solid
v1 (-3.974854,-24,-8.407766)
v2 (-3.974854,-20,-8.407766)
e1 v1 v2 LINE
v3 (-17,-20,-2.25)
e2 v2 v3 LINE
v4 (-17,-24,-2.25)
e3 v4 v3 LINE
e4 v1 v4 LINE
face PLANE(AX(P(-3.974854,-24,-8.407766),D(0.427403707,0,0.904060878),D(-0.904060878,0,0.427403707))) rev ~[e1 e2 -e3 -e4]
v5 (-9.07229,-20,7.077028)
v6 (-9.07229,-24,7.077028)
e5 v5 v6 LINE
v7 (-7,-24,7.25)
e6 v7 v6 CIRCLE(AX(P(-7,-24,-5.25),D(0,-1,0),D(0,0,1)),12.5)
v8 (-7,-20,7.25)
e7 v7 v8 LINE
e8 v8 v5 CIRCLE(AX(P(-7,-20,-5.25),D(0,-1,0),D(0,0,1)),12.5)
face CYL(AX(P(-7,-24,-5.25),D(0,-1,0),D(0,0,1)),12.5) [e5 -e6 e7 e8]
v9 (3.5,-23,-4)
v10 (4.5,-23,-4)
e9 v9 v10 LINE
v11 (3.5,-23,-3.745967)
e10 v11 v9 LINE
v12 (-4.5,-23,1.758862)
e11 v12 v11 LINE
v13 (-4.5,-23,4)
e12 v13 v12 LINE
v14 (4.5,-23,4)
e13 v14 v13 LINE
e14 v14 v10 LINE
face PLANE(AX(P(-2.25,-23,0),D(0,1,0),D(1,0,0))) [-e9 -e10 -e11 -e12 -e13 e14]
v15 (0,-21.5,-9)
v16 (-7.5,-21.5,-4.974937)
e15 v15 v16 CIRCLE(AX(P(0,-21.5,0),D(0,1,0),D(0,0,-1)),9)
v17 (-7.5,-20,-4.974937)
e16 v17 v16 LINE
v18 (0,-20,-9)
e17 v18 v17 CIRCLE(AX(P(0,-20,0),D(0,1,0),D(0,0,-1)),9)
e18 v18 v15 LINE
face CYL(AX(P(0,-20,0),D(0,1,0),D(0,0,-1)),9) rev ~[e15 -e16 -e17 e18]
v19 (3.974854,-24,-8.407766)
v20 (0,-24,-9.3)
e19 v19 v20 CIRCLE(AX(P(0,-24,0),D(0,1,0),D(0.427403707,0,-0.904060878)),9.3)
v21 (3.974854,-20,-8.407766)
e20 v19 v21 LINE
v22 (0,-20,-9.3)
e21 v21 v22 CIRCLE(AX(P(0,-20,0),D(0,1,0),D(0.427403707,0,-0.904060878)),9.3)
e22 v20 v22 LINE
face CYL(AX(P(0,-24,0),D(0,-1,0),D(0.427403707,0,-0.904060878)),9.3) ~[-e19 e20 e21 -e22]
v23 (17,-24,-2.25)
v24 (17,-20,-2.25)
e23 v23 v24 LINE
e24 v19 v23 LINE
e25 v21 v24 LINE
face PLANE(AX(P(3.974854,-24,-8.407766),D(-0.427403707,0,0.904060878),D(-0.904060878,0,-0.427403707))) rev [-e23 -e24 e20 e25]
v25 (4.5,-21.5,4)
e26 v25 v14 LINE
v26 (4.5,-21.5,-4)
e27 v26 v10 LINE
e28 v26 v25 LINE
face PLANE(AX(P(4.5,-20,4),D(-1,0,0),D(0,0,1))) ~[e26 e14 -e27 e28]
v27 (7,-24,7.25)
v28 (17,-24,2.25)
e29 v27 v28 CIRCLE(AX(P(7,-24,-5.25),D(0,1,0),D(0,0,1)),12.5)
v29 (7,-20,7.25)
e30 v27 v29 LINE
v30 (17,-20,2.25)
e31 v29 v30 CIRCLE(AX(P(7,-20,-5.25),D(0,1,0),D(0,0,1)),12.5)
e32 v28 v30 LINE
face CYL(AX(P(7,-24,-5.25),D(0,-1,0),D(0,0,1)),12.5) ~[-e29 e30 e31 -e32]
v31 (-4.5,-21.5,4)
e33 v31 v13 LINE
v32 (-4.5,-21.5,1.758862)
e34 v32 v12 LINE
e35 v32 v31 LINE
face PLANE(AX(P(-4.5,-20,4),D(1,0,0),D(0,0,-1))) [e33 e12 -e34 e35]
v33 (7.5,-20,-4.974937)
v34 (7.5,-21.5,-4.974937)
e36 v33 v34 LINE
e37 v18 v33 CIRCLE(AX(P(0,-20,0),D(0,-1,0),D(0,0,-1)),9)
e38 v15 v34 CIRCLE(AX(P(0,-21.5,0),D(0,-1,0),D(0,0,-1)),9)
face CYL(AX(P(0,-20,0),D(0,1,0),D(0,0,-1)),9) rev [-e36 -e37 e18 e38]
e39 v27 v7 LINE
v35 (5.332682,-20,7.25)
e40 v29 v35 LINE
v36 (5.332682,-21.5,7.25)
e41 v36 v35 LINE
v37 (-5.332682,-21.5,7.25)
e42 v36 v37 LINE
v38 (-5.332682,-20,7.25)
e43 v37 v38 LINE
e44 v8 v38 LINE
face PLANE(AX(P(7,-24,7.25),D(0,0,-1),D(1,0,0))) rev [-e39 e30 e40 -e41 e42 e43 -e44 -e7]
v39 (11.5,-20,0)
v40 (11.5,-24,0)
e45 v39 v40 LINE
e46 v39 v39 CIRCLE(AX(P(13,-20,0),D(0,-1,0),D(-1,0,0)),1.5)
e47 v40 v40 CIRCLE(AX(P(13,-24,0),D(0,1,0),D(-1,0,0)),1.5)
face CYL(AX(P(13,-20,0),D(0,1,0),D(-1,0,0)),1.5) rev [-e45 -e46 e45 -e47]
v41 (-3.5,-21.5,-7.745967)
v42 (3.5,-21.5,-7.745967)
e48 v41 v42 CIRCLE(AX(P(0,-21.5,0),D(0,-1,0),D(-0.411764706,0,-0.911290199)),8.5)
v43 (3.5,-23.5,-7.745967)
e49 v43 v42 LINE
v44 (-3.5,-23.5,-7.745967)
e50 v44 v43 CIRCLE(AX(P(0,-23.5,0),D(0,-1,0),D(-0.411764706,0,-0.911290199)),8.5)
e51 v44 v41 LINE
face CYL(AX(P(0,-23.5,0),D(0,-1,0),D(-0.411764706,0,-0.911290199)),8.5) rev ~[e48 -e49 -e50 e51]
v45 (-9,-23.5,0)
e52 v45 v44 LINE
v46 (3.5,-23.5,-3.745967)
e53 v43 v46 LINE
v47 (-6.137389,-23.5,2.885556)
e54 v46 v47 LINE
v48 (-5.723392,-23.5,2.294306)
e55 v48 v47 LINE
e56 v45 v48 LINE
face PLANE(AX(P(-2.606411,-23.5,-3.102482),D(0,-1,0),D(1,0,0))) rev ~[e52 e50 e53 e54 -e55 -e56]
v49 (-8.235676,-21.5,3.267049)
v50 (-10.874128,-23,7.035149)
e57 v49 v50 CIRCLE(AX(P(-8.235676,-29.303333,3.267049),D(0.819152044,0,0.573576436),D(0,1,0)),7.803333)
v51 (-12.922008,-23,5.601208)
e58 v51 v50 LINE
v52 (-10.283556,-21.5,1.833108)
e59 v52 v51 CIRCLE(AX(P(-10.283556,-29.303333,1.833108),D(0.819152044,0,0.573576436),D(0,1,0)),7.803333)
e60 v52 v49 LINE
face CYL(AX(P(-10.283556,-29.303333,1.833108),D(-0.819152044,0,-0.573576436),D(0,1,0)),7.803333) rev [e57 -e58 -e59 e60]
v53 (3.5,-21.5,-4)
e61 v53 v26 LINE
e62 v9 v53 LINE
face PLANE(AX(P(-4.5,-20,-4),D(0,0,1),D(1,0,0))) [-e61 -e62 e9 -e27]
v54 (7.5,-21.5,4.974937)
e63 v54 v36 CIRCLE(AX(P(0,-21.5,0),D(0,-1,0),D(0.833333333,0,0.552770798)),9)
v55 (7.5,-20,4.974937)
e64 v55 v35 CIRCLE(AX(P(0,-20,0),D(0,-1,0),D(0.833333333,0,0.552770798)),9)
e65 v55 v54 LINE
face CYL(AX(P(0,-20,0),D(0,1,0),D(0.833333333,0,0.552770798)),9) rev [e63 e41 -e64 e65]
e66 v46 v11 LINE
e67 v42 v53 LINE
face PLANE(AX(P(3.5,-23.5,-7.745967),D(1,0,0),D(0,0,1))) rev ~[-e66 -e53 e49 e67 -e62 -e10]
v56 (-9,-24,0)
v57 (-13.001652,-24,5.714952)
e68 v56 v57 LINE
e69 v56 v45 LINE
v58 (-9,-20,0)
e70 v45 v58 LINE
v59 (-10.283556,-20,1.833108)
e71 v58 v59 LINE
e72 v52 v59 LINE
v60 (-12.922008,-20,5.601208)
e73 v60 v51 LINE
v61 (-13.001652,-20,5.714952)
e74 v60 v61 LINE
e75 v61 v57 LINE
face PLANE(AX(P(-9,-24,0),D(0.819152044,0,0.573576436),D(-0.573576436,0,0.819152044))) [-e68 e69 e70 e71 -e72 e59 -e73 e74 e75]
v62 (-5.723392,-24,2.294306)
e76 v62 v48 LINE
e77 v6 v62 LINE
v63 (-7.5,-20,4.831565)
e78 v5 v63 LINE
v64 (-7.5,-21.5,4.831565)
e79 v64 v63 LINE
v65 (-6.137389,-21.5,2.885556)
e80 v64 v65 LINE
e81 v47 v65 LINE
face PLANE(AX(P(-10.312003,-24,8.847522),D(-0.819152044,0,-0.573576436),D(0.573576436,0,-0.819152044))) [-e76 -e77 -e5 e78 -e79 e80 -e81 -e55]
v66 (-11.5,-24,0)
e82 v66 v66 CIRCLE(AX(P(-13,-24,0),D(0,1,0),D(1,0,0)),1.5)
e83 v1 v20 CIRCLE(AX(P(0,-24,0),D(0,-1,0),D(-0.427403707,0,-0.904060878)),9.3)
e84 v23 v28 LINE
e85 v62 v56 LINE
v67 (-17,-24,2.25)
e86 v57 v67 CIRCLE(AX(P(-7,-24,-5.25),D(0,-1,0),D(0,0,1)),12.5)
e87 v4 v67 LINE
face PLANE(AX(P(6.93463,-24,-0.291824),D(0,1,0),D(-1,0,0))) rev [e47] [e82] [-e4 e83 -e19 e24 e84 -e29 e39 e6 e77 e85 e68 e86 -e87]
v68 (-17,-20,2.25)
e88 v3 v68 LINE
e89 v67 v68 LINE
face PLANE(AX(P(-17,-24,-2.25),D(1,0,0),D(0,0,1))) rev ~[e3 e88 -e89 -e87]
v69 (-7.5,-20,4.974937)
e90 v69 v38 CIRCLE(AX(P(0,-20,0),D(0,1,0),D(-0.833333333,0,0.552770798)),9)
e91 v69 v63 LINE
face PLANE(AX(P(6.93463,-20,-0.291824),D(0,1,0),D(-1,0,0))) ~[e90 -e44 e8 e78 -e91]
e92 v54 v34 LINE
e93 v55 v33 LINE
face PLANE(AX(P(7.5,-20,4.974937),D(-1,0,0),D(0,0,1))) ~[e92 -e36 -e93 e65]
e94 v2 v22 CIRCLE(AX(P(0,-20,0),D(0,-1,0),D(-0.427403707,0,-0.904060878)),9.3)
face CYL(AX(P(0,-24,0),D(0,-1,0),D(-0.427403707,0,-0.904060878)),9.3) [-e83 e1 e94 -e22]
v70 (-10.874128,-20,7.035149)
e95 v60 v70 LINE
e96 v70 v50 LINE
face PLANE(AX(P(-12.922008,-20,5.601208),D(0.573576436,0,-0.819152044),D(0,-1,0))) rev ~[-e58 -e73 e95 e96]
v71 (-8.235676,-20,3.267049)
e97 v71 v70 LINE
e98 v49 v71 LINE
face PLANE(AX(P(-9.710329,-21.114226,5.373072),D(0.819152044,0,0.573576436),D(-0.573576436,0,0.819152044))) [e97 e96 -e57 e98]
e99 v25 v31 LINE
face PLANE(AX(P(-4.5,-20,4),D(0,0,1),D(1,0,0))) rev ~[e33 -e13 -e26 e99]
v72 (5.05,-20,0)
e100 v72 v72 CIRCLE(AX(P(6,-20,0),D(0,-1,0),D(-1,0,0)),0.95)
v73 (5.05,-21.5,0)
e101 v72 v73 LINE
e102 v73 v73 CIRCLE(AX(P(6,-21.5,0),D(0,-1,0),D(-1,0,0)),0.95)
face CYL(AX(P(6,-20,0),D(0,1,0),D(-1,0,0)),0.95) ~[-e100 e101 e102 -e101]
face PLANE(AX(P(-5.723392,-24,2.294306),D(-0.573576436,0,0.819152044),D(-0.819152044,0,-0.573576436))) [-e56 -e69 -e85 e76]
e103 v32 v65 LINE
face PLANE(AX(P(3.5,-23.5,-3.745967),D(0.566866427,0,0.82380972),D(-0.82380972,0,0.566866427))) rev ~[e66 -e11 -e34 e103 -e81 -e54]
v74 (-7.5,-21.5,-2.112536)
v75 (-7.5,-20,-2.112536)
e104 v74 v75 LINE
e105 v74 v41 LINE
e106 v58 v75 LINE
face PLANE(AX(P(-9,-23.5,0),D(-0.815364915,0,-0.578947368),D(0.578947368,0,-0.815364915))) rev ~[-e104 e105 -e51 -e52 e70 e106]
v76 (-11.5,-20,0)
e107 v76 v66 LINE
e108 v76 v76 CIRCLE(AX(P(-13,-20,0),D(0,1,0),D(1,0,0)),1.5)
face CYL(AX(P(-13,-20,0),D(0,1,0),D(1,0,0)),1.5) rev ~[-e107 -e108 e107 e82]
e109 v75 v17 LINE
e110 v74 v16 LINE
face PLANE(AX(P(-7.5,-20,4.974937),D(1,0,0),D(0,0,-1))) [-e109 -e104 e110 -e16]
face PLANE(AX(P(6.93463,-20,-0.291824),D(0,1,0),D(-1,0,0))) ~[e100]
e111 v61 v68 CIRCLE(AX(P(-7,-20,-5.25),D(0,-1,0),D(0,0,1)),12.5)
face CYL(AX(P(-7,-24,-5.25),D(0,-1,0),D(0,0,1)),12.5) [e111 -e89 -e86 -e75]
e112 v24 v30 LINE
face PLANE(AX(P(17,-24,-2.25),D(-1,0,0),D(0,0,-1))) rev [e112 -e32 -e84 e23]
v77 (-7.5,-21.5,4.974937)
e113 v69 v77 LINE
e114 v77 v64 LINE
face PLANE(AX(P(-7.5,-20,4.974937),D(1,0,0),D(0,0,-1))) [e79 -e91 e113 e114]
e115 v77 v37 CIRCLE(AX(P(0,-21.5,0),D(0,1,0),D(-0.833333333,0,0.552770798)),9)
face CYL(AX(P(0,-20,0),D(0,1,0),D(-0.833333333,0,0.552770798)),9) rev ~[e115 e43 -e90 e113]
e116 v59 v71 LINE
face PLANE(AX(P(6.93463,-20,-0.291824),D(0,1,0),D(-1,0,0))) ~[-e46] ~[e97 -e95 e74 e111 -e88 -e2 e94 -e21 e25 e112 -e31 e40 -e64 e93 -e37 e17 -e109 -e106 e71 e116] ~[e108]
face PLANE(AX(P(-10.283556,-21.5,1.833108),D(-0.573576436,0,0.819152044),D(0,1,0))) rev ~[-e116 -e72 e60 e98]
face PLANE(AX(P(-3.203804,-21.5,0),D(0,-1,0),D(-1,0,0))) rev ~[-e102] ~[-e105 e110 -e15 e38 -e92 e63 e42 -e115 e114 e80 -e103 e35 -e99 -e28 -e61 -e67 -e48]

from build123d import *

# Parameters (mm, degrees)
PAD096_DEPTH    = 4
SKETCH294_R     = 1.5
POCKET172_DEPTH = 6
SKETCH295_R     = 0.95
POCKET173_DEPTH = 1.5
SKETCH299_W     = 4.5
SKETCH299_H     = 8
POCKET175_DEPTH = 3
POCKET176_DEPTH = 5
POCKET177_DEPTH = 5
PAD107_DEPTH    = 2.5


with BuildPart() as part:
    # Sketch278 → Pad096 (new body)
    with BuildSketch(Plane.XZ.offset(24)):
        with BuildLine():
            Line((-17, -2.25), (-17, 2.25))
            ThreePointArc((-7, 7.25), (-12.5901699437, 5.9303398875), (-17, 2.25))
            Line((-7, 7.25), (0, 7.25))
            Line((0, 7.25), (0, -9.3))
            ThreePointArc((-3.9748544782, -8.4077661645), (-2.0368817676, -9.0742003871), (0, -9.3))
            Line((-3.9748544782, -8.4077661645), (-17, -2.25))
        make_face()
    pad096 = extrude(amount=-PAD096_DEPTH)

    # Sketch294 (on Face8 of Pad096) → Pocket172 (cut)
    with BuildSketch(Plane(origin=(0, -20, 0), x_dir=(1, 0, 0), z_dir=(0, 1, 0))):
        with Locations((-13, 0)):
            Circle(SKETCH294_R)
    pocket172 = extrude(amount=-POCKET172_DEPTH, mode=Mode.SUBTRACT)

    # Sketch295 (on Face5 of Pocket172) → Pocket173 (cut)
    with BuildSketch(Plane(origin=(0, -20, 0), x_dir=(1, 0, 0), z_dir=(0, 1, 0))):
        with BuildLine():
            Line((0, 9), (0, -9))
            ThreePointArc((-7.5, -4.9749371855), (-4.2559114964, -7.9301461106), (0, -9))
            Line((-7.5, -4.9749371855), (-7.5, 4.9749371855))
            ThreePointArc((0, 9), (-4.2559114964, 7.9301461106), (-7.5, 4.9749371855))
        make_face()
        with Locations((-6, 0)):
            Circle(SKETCH295_R, mode=Mode.SUBTRACT)
    pocket173 = extrude(amount=-POCKET173_DEPTH, mode=Mode.SUBTRACT)

    # Sketch299 (on Face5 of Pocket172) → Pocket175 (cut)
    with BuildSketch(Plane(origin=(0, -20, 0), x_dir=(1, 0, 0), z_dir=(0, 1, 0))):
        with Locations((-2.25, 0)):
            Rectangle(SKETCH299_W, SKETCH299_H)
    pocket175 = extrude(amount=-POCKET175_DEPTH, mode=Mode.SUBTRACT)

    # Mirrored012: Pad096, Pocket172, Pocket173, Pocket175 across Sketch278 V_Axis
    add(pad096.mirror(Plane(origin=(0, -24, 0), x_dir=(0, -1, 0), z_dir=(1, 0, 0))))
    add(pocket172.mirror(Plane(origin=(0, -24, 0), x_dir=(0, -1, 0), z_dir=(1, 0, 0))), mode=Mode.SUBTRACT)
    add(pocket173.mirror(Plane(origin=(0, -24, 0), x_dir=(0, -1, 0), z_dir=(1, 0, 0))), mode=Mode.SUBTRACT)
    add(pocket175.mirror(Plane(origin=(0, -24, 0), x_dir=(0, -1, 0), z_dir=(1, 0, 0))), mode=Mode.SUBTRACT)

    # Sketch300 → Pocket176 (cut)
    with BuildSketch(Plane.XZ.offset(24)):
        Polygon((-9, 0), (-13.5886114908, 6.5532163543), (-10.3120033137, 8.8475220997), (-5.7233918228, 2.2943057454), align=None)
    extrude(amount=-POCKET176_DEPTH, mode=Mode.SUBTRACT)

    # Sketch301 → Pocket177 (cut)
    with BuildSketch(Plane.XZ.offset(23.5)):
        with BuildLine():
            ThreePointArc((-3.5, -7.7459666924), (0, -8.5), (3.5, -7.7459666924))
            Line((3.5, -7.7459666924), (3.5, -3.7459666924))
            Line((3.5, -3.7459666924), (-6.7056942546, 3.2766081772))
            Line((-6.7056942546, 3.2766081772), (-9, 0))
            Line((-9, 0), (-3.5, -7.7459666924))
        make_face()
    extrude(amount=-POCKET177_DEPTH, mode=Mode.SUBTRACT)

    # Sketch302 (on Face13 of Pocket177) → Pad107 (join)
    with BuildSketch(Plane(origin=(-6.039090645, 0, -4.2286167935), x_dir=(-0.5735764364, 0, 0.8191520443), z_dir=(0.8191520443, 0, 0.5735764364))):
        with BuildLine():
            Line((12, 20), (12, 23))
            ThreePointArc((7.4, 21.5), (9.8191940807, 21.8844714859), (12, 23))
            Line((7.4, 21.5), (7.4, 20))
            Line((7.4, 20), (12, 20))
        make_face()
    extrude(amount=PAD107_DEPTH)


solid = part.part
